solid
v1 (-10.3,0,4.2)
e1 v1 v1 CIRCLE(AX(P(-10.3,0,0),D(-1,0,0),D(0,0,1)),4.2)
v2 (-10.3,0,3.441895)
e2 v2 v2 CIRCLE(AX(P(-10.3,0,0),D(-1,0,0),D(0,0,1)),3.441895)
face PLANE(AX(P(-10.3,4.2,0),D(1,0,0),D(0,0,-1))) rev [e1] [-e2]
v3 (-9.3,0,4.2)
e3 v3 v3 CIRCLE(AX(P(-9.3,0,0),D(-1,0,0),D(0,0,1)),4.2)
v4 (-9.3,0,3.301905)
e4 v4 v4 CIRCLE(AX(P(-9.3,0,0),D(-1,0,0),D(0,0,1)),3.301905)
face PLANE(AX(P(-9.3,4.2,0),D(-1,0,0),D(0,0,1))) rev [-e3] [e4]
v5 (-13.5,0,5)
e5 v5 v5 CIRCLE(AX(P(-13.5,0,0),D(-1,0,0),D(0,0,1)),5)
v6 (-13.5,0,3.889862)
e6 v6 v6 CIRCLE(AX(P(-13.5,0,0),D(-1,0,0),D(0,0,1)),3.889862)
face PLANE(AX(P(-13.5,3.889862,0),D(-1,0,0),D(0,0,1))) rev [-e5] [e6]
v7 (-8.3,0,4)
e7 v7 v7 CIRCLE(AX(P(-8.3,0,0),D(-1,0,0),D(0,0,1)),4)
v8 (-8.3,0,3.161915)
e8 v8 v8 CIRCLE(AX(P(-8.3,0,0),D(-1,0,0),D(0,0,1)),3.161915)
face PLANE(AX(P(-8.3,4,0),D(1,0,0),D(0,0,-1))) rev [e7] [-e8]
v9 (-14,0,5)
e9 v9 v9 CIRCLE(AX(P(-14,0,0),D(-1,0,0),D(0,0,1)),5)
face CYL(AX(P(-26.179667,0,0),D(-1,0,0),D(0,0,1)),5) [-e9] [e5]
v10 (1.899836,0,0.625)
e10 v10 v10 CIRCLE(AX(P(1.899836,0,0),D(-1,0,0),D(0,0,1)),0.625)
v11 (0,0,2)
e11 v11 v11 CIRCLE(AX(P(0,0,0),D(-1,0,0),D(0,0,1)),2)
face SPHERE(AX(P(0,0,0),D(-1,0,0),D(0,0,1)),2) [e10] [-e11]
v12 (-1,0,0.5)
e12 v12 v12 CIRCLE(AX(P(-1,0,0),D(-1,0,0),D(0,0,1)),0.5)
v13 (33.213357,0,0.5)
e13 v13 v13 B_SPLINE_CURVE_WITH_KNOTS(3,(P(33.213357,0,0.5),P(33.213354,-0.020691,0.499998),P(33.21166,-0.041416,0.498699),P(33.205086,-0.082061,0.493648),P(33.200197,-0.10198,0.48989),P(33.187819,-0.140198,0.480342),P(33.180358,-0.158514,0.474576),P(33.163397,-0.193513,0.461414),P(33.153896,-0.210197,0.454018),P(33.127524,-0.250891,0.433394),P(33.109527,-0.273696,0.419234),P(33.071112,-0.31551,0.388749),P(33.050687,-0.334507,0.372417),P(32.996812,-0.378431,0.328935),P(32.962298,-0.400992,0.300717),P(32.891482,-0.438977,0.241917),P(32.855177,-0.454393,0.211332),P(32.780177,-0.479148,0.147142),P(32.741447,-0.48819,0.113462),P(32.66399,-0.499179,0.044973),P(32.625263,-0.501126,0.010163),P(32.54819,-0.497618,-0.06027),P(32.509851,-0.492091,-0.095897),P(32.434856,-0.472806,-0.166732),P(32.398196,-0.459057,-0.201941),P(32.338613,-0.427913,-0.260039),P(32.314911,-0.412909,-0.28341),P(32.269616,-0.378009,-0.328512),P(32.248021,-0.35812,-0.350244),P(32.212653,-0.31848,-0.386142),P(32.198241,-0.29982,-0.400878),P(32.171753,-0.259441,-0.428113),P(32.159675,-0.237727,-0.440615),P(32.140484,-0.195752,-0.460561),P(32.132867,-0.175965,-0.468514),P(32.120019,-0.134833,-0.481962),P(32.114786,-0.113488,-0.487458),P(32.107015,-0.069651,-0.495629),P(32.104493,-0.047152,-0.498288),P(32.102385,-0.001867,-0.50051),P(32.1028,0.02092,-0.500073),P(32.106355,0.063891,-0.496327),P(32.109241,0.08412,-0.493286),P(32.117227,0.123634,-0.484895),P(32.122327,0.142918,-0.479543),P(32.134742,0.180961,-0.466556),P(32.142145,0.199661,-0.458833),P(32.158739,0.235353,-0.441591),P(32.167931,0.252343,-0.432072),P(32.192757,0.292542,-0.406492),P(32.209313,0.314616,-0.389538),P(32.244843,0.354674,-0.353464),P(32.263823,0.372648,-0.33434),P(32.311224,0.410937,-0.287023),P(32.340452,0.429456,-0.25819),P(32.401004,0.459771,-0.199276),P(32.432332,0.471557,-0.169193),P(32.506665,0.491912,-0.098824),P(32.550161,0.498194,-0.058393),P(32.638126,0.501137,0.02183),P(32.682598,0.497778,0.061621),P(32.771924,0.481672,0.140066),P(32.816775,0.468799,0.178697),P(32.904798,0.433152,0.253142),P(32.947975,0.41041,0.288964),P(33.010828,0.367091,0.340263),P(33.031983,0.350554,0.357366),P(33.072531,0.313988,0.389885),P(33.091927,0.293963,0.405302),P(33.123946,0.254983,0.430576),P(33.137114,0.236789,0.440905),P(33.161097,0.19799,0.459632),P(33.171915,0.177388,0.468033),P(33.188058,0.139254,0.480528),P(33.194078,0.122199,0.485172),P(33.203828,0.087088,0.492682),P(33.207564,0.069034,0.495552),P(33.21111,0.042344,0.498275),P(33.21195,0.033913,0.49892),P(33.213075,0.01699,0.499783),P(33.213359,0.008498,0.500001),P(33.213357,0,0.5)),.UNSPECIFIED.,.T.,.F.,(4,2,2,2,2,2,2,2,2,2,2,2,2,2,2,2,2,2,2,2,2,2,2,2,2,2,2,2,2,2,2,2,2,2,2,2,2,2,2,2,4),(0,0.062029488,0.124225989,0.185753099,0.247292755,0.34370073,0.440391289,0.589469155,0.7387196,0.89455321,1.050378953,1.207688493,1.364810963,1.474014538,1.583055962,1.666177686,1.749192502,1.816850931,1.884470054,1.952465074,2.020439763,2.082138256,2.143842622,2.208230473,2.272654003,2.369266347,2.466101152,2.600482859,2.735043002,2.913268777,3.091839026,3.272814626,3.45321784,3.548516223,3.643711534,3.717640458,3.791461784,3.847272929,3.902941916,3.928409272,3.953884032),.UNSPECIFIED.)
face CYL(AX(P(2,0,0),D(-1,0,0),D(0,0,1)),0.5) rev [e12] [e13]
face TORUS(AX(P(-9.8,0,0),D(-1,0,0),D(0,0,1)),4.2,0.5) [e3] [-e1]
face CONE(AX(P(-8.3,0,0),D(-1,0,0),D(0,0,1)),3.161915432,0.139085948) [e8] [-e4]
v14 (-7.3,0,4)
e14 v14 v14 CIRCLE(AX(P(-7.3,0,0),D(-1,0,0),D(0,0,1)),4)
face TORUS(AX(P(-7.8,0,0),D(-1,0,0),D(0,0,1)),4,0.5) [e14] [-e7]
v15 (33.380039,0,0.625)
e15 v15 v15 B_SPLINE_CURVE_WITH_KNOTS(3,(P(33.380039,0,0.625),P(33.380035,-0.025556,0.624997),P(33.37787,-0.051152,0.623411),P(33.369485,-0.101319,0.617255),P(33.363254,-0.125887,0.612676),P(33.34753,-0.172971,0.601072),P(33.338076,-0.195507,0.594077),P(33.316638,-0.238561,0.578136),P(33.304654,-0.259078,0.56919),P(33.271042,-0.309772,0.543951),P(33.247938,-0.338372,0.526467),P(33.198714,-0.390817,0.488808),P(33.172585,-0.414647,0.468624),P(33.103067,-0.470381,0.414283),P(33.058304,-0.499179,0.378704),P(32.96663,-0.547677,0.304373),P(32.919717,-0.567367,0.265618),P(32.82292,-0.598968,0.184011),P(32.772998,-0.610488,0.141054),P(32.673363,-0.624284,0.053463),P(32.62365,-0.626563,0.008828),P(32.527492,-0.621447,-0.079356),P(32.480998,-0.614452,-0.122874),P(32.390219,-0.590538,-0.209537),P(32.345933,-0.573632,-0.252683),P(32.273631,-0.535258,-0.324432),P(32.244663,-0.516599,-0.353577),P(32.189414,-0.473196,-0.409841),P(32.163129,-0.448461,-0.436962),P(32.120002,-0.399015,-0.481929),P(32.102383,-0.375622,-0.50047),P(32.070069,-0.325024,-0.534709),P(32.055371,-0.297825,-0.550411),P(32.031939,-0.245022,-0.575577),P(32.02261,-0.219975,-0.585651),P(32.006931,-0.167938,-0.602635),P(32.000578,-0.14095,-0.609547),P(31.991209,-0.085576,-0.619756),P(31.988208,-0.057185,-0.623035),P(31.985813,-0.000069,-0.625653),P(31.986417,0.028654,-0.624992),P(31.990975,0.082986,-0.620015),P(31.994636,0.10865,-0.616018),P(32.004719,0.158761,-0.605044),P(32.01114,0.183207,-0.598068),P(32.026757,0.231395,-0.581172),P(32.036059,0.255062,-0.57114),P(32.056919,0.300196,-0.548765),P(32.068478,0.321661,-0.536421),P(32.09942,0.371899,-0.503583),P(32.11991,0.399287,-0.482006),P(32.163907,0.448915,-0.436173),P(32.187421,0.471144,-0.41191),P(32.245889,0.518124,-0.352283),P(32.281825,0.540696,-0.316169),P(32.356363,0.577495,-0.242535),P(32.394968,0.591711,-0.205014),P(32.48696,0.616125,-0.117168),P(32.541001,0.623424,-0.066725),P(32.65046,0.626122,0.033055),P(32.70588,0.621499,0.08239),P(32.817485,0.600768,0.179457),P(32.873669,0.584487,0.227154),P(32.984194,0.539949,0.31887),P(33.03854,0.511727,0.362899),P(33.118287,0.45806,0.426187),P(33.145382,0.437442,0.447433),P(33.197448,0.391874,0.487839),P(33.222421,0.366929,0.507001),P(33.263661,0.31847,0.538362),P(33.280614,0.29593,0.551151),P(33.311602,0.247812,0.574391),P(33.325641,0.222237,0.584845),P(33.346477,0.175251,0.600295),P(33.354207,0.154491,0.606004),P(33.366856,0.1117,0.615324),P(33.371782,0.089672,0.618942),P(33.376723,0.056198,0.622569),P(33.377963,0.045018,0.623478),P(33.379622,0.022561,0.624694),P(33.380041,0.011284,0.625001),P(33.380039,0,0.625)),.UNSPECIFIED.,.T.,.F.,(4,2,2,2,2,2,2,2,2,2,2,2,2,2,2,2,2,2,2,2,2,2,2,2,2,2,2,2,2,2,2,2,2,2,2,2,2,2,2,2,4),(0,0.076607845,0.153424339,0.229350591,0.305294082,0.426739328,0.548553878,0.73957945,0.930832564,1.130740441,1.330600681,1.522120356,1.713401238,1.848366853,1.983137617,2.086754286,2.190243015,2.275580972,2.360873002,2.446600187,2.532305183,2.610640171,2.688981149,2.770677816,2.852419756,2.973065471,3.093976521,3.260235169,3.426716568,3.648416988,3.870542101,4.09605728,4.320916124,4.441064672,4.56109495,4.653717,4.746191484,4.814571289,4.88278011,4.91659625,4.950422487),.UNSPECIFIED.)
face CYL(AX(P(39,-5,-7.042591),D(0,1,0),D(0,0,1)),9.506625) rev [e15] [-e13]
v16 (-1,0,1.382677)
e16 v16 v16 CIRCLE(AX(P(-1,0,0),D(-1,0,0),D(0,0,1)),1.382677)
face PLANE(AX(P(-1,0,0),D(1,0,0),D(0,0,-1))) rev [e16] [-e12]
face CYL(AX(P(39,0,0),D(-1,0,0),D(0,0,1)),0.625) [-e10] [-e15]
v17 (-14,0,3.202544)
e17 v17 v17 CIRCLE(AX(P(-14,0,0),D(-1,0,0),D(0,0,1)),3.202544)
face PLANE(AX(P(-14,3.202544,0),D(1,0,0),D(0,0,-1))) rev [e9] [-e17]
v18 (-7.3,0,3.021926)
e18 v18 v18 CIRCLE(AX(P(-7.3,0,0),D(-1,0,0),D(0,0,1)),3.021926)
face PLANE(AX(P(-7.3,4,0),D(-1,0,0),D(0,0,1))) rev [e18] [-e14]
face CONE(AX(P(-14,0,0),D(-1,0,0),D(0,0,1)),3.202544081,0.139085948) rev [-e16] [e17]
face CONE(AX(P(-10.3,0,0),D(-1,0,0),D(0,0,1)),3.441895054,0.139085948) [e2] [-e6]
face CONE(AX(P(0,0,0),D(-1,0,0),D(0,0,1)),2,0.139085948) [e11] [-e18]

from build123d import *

# Parameters (mm, degrees)
DOME1_FACE_RADIUS       = 2
DOME1_HEIGHT            = 2
SKETCH5_R               = 0.5
CUT_EXTRUDE1_DEPTH      = 4
SKETCH6_R               = 0.625
SKETCH6_R_2             = 0.5
EXTRUDE_THIN1_DEPTH     = 40
SKETCH7_R               = 9.506624516
CUT_EXTRUDE2_DEPTH      = 6
CUT_EXTRUDE2_DEPTH_BACK = 6


with BuildPart() as part:
    # Sketch2 → Revolve1 (revolve)
    with BuildSketch(Plane.XY):
        with BuildLine():
            Line((0, 0), (-1, 0))
            Line((-1, 0), (-1, 1.382676537))
            Line((-1, 1.382676537), (-14, 3.202544081))
            Line((-14, 3.202544081), (-14, 3.240195922))
            Line((-14, 3.240195922), (-14, 5))
            Line((-14, 5), (-13.5, 5))
            Line((-13.5, 5), (-13.5, 3.889862449))
            Line((-13.5, 3.889862449), (-10.3, 3.441895054))
            Line((-10.3, 3.441895054), (-10.3, 4.2))
            ThreePointArc((-10.3, 4.2), (-9.8, 4.7), (-9.3, 4.2))
            Line((-9.3, 4.2), (-9.3, 3.301905243))
            Line((-9.3, 3.301905243), (-8.3, 3.161915432))
            Line((-8.3, 3.161915432), (-8.3, 4))
            ThreePointArc((-8.3, 4), (-7.8, 4.5), (-7.3, 4))
            Line((-7.3, 4), (-7.3, 3.021925621))
            Line((-7.3, 3.021925621), (0, 2))
            Line((0, 2), (0, 0))
        make_face()
    revolve(axis=Axis((-26.179667308, 0, 0), (1, 0, 0)))

    # Dome1: a dome of height H over a round flat face of radius A is a cap of a sphere of radius (A * A + H * H) / (2 * H)
    dome1_r = (DOME1_FACE_RADIUS * DOME1_FACE_RADIUS + DOME1_HEIGHT * DOME1_HEIGHT) / (2 * DOME1_HEIGHT)
    dome1_base = Plane((0, 0, 0), z_dir=(1, 0, 0))
    with Locations(dome1_base.offset(DOME1_HEIGHT - dome1_r)):
        dome1_ball = Sphere(dome1_r, mode=Mode.PRIVATE)
    add(split(dome1_ball, bisect_by=dome1_base, keep=Keep.TOP, mode=Mode.PRIVATE))

    # Sketch5 → Cut-Extrude1 (cut, through all)
    with BuildSketch(Plane.ZY.offset(1)):
        Circle(SKETCH5_R)
    extrude(amount=-CUT_EXTRUDE1_DEPTH, mode=Mode.SUBTRACT)

    # Sketch6 → Extrude-Thin1 (add)
    with BuildSketch(Plane.ZY.offset(1)):
        Circle(SKETCH6_R)
        Circle(SKETCH6_R_2, mode=Mode.SUBTRACT)
    extrude(amount=-EXTRUDE_THIN1_DEPTH)

    # Sketch7 → Cut-Extrude2 (cut, two sides)
    with BuildSketch(Plane(origin=(0, 0, 0), x_dir=(1, 0, 0), z_dir=(0, 1, 0))) as cut_extrude2_sk:
        with Locations((39, 7.04259074)):
            Circle(SKETCH7_R)
    extrude(amount=CUT_EXTRUDE2_DEPTH, mode=Mode.SUBTRACT)
    extrude(cut_extrude2_sk.sketch, amount=-CUT_EXTRUDE2_DEPTH_BACK, mode=Mode.SUBTRACT)


solid = part.part
